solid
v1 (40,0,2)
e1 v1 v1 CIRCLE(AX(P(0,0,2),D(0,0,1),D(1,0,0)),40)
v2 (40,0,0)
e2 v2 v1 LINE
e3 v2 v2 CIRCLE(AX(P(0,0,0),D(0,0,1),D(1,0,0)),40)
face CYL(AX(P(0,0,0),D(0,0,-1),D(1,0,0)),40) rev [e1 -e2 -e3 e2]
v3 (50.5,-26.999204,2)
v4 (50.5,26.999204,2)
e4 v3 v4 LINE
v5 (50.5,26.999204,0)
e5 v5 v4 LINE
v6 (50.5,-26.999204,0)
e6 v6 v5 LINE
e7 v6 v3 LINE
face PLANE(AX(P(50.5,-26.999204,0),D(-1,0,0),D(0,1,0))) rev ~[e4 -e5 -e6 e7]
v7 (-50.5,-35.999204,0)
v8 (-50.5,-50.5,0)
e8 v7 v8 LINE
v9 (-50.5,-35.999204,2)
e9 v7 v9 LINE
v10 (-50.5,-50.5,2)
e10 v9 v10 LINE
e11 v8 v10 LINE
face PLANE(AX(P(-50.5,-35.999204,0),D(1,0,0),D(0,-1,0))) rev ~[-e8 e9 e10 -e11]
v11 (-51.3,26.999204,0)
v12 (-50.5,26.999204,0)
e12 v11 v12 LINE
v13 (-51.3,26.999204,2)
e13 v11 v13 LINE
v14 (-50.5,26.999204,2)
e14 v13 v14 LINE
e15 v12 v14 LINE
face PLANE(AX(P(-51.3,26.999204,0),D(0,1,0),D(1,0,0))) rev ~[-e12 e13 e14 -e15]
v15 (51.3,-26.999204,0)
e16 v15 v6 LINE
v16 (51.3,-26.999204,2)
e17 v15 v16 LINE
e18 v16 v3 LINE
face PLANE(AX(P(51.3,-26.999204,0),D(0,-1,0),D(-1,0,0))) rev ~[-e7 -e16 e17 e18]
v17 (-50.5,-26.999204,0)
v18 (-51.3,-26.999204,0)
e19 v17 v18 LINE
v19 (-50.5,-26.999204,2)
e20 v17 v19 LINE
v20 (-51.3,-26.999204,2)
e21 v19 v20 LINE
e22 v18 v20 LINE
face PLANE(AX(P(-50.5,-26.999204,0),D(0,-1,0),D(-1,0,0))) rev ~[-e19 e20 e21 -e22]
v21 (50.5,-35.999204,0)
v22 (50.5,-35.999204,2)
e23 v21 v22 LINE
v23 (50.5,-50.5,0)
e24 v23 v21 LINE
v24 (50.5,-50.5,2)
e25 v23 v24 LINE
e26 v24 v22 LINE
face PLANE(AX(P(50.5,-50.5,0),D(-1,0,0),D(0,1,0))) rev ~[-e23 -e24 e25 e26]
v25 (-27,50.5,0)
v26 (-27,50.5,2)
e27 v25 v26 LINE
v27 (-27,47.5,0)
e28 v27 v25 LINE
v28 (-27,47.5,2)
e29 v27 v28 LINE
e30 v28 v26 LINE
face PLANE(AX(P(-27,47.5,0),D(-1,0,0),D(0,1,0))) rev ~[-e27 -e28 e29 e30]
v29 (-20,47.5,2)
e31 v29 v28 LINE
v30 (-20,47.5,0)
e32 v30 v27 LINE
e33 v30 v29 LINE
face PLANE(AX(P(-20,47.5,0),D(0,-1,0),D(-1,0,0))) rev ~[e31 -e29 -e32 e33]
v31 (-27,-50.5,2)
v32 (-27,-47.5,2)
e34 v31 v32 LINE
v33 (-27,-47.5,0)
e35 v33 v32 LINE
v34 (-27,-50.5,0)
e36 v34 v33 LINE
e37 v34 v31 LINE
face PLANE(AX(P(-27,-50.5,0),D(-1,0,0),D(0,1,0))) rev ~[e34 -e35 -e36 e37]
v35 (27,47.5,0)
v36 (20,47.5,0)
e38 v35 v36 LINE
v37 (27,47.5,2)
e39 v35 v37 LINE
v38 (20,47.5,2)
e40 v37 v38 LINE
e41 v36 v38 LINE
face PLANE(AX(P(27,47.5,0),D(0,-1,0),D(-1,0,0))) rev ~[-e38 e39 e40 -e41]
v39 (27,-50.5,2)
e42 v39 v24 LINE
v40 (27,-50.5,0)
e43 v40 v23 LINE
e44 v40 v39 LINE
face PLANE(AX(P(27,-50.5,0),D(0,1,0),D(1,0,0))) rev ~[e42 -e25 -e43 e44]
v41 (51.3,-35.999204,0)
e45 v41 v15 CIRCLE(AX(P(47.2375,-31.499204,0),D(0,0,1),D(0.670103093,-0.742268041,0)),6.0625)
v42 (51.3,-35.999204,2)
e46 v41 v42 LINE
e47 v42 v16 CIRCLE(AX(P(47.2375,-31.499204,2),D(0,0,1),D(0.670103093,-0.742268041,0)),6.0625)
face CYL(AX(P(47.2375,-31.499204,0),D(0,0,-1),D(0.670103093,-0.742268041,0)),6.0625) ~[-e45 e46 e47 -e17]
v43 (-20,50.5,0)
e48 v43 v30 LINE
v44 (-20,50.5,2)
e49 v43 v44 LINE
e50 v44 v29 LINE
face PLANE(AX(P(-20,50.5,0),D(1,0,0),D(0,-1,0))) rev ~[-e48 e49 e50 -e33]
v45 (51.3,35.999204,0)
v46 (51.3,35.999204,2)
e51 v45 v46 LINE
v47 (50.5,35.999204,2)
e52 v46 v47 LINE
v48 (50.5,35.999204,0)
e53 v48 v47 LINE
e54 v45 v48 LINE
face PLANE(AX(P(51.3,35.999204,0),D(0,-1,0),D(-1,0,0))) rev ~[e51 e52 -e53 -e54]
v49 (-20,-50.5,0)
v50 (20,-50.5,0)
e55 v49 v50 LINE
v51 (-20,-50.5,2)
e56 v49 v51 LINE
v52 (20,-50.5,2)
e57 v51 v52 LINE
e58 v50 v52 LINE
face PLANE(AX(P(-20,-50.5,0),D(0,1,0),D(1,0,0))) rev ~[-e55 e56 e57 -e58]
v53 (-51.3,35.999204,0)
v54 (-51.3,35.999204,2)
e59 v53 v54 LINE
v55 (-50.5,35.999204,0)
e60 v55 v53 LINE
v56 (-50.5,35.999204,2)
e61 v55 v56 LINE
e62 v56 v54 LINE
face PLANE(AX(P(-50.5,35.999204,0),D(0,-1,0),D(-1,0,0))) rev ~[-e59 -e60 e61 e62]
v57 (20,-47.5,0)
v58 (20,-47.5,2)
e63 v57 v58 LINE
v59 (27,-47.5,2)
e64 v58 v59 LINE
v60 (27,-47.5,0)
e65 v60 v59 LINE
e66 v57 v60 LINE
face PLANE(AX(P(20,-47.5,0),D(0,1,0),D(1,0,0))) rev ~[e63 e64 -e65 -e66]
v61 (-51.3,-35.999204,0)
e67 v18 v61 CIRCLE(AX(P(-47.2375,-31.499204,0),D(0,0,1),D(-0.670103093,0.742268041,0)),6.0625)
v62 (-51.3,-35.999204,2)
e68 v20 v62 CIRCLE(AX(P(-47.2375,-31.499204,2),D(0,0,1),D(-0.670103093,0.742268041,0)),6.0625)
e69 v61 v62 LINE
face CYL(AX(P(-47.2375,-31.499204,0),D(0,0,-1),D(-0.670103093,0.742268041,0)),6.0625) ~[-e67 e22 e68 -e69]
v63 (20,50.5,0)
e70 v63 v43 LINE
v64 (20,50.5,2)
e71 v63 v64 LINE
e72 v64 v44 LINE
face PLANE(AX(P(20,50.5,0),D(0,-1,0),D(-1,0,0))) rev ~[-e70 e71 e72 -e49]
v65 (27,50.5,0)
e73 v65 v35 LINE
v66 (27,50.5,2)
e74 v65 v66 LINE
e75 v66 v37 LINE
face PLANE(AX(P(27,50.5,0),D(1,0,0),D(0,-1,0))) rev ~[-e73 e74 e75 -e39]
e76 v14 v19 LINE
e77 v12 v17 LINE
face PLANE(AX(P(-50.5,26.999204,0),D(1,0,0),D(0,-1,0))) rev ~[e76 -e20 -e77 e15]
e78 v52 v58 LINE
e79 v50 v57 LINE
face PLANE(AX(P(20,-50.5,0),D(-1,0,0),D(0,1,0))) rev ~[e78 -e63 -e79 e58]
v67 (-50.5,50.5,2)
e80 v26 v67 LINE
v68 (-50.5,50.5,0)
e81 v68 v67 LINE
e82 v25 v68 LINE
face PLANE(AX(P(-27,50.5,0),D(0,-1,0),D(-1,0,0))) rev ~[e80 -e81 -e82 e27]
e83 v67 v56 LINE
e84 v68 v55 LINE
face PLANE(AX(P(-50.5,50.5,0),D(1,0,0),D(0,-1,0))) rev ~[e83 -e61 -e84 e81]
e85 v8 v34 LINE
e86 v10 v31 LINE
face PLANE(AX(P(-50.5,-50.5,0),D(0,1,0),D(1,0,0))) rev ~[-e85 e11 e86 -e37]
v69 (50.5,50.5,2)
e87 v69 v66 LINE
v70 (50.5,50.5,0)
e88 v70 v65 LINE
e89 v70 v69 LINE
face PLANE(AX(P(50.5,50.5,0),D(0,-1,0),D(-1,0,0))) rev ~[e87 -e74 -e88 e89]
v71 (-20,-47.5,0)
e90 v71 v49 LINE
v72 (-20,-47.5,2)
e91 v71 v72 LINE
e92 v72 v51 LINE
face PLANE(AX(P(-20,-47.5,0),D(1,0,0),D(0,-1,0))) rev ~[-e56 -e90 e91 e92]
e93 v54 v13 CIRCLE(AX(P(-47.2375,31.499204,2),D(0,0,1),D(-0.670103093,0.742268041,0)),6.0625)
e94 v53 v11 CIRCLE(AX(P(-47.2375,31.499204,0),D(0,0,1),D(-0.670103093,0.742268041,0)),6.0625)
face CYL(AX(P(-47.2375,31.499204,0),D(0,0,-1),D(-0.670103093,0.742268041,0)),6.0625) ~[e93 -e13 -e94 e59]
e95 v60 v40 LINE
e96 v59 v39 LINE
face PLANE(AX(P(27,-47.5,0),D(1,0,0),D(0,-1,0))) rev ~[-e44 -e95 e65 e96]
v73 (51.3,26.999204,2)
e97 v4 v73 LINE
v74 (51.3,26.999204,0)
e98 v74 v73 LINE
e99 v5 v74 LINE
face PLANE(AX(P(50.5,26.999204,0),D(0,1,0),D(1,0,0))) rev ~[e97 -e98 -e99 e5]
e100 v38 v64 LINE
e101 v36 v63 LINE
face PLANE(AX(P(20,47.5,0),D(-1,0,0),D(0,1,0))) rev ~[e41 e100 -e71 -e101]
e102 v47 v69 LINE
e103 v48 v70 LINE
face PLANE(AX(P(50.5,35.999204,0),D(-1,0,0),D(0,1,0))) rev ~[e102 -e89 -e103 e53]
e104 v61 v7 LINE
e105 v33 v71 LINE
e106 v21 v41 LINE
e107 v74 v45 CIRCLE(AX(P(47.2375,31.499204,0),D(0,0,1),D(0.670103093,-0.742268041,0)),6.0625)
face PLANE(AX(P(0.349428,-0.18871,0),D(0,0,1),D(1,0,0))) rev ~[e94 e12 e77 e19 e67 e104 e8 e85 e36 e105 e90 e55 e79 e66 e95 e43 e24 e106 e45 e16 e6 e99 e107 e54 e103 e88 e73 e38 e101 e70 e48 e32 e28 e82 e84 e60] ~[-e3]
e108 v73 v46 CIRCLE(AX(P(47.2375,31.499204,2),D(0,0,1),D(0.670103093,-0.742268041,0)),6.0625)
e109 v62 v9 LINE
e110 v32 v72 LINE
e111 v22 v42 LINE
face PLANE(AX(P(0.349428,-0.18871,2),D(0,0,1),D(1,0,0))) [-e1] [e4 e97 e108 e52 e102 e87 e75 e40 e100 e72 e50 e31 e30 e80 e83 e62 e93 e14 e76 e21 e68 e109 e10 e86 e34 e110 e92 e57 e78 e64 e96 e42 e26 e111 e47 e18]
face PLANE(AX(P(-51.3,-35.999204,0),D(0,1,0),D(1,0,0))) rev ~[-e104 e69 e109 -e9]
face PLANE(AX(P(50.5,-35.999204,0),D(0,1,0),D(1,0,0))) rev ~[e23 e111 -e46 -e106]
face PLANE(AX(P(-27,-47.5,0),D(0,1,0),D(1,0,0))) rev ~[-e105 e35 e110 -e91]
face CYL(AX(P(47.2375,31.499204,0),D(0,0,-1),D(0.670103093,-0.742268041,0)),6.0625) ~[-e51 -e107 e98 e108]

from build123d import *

# Parameters (mm, degrees)
F0_R     = 40
F1_DEPTH = 2


with BuildPart() as f1:
    # F0 (on Top) → F1 (new body)
    with BuildSketch(Plane.XY):
        with BuildLine():
            Line((50.5, 35.999204), (50.5, 50.5))
            Line((50.5, 50.5), (27, 50.5))
            Line((27, 50.5), (27, 47.5))
            Line((27, 47.5), (20, 47.5))
            Line((20, 47.5), (20, 50.5))
            Line((20, 50.5), (-20, 50.5))
            Line((-20, 50.5), (-20, 47.5))
            Line((-20, 47.5), (-27, 47.5))
            Line((-27, 47.5), (-27, 50.5))
            Line((-27, 50.5), (-50.5, 50.5))
            Line((-50.5, 50.5), (-50.5, 35.999204))
            Line((-50.5, 35.999204), (-50.5, 26.999204))
            Line((-50.5, 26.999204), (-50.5, -26.999204))
            Line((-50.5, -26.999204), (-51.3, -26.999204))
            ThreePointArc((-51.3, -26.999204), (-53.3, -31.499204), (-51.3, -35.999204))
            Line((-51.3, -35.999204), (-50.5, -35.999204))
            Line((-50.5, -35.999204), (-50.5, -50.5))
            Line((-50.5, -50.5), (-27, -50.5))
            Line((-27, -50.5), (-27, -47.5))
            Line((-27, -47.5), (-20, -47.5))
            Line((-20, -47.5), (-20, -50.5))
            Line((-20, -50.5), (20, -50.5))
            Line((20, -50.5), (20, -47.5))
            Line((20, -47.5), (27, -47.5))
            Line((27, -47.5), (27, -50.5))
            Line((27, -50.5), (50.5, -50.5))
            Line((50.5, -50.5), (50.5, -35.999204))
            Line((50.5, -35.999204), (51.3, -35.999204))
            ThreePointArc((51.3, -35.999204), (53.3, -31.499204), (51.3, -26.999204))
            Line((51.3, -26.999204), (50.5, -26.999204))
            Line((50.5, -26.999204), (50.5, 26.999204))
            Line((50.5, 26.999204), (51.3, 26.999204))
            ThreePointArc((51.3, 26.999204), (53.3, 31.499204), (51.3, 35.999204))
            Line((51.3, 35.999204), (50.5, 35.999204))
        make_face()
        Circle(F0_R, mode=Mode.SUBTRACT)
        with BuildLine():
            Line((-50.5, 26.999204), (-50.5, 35.999204))
            Line((-50.5, 35.999204), (-50.8, 35.999204))
            Line((-50.8, 35.999204), (-51.3, 35.999204))
            ThreePointArc((-51.3, 35.999204), (-53.3, 31.499204), (-51.3, 26.999204))
            Line((-51.3, 26.999204), (-50.5, 26.999204))
        make_face()
    extrude(amount=F1_DEPTH)


solid = f1.part
